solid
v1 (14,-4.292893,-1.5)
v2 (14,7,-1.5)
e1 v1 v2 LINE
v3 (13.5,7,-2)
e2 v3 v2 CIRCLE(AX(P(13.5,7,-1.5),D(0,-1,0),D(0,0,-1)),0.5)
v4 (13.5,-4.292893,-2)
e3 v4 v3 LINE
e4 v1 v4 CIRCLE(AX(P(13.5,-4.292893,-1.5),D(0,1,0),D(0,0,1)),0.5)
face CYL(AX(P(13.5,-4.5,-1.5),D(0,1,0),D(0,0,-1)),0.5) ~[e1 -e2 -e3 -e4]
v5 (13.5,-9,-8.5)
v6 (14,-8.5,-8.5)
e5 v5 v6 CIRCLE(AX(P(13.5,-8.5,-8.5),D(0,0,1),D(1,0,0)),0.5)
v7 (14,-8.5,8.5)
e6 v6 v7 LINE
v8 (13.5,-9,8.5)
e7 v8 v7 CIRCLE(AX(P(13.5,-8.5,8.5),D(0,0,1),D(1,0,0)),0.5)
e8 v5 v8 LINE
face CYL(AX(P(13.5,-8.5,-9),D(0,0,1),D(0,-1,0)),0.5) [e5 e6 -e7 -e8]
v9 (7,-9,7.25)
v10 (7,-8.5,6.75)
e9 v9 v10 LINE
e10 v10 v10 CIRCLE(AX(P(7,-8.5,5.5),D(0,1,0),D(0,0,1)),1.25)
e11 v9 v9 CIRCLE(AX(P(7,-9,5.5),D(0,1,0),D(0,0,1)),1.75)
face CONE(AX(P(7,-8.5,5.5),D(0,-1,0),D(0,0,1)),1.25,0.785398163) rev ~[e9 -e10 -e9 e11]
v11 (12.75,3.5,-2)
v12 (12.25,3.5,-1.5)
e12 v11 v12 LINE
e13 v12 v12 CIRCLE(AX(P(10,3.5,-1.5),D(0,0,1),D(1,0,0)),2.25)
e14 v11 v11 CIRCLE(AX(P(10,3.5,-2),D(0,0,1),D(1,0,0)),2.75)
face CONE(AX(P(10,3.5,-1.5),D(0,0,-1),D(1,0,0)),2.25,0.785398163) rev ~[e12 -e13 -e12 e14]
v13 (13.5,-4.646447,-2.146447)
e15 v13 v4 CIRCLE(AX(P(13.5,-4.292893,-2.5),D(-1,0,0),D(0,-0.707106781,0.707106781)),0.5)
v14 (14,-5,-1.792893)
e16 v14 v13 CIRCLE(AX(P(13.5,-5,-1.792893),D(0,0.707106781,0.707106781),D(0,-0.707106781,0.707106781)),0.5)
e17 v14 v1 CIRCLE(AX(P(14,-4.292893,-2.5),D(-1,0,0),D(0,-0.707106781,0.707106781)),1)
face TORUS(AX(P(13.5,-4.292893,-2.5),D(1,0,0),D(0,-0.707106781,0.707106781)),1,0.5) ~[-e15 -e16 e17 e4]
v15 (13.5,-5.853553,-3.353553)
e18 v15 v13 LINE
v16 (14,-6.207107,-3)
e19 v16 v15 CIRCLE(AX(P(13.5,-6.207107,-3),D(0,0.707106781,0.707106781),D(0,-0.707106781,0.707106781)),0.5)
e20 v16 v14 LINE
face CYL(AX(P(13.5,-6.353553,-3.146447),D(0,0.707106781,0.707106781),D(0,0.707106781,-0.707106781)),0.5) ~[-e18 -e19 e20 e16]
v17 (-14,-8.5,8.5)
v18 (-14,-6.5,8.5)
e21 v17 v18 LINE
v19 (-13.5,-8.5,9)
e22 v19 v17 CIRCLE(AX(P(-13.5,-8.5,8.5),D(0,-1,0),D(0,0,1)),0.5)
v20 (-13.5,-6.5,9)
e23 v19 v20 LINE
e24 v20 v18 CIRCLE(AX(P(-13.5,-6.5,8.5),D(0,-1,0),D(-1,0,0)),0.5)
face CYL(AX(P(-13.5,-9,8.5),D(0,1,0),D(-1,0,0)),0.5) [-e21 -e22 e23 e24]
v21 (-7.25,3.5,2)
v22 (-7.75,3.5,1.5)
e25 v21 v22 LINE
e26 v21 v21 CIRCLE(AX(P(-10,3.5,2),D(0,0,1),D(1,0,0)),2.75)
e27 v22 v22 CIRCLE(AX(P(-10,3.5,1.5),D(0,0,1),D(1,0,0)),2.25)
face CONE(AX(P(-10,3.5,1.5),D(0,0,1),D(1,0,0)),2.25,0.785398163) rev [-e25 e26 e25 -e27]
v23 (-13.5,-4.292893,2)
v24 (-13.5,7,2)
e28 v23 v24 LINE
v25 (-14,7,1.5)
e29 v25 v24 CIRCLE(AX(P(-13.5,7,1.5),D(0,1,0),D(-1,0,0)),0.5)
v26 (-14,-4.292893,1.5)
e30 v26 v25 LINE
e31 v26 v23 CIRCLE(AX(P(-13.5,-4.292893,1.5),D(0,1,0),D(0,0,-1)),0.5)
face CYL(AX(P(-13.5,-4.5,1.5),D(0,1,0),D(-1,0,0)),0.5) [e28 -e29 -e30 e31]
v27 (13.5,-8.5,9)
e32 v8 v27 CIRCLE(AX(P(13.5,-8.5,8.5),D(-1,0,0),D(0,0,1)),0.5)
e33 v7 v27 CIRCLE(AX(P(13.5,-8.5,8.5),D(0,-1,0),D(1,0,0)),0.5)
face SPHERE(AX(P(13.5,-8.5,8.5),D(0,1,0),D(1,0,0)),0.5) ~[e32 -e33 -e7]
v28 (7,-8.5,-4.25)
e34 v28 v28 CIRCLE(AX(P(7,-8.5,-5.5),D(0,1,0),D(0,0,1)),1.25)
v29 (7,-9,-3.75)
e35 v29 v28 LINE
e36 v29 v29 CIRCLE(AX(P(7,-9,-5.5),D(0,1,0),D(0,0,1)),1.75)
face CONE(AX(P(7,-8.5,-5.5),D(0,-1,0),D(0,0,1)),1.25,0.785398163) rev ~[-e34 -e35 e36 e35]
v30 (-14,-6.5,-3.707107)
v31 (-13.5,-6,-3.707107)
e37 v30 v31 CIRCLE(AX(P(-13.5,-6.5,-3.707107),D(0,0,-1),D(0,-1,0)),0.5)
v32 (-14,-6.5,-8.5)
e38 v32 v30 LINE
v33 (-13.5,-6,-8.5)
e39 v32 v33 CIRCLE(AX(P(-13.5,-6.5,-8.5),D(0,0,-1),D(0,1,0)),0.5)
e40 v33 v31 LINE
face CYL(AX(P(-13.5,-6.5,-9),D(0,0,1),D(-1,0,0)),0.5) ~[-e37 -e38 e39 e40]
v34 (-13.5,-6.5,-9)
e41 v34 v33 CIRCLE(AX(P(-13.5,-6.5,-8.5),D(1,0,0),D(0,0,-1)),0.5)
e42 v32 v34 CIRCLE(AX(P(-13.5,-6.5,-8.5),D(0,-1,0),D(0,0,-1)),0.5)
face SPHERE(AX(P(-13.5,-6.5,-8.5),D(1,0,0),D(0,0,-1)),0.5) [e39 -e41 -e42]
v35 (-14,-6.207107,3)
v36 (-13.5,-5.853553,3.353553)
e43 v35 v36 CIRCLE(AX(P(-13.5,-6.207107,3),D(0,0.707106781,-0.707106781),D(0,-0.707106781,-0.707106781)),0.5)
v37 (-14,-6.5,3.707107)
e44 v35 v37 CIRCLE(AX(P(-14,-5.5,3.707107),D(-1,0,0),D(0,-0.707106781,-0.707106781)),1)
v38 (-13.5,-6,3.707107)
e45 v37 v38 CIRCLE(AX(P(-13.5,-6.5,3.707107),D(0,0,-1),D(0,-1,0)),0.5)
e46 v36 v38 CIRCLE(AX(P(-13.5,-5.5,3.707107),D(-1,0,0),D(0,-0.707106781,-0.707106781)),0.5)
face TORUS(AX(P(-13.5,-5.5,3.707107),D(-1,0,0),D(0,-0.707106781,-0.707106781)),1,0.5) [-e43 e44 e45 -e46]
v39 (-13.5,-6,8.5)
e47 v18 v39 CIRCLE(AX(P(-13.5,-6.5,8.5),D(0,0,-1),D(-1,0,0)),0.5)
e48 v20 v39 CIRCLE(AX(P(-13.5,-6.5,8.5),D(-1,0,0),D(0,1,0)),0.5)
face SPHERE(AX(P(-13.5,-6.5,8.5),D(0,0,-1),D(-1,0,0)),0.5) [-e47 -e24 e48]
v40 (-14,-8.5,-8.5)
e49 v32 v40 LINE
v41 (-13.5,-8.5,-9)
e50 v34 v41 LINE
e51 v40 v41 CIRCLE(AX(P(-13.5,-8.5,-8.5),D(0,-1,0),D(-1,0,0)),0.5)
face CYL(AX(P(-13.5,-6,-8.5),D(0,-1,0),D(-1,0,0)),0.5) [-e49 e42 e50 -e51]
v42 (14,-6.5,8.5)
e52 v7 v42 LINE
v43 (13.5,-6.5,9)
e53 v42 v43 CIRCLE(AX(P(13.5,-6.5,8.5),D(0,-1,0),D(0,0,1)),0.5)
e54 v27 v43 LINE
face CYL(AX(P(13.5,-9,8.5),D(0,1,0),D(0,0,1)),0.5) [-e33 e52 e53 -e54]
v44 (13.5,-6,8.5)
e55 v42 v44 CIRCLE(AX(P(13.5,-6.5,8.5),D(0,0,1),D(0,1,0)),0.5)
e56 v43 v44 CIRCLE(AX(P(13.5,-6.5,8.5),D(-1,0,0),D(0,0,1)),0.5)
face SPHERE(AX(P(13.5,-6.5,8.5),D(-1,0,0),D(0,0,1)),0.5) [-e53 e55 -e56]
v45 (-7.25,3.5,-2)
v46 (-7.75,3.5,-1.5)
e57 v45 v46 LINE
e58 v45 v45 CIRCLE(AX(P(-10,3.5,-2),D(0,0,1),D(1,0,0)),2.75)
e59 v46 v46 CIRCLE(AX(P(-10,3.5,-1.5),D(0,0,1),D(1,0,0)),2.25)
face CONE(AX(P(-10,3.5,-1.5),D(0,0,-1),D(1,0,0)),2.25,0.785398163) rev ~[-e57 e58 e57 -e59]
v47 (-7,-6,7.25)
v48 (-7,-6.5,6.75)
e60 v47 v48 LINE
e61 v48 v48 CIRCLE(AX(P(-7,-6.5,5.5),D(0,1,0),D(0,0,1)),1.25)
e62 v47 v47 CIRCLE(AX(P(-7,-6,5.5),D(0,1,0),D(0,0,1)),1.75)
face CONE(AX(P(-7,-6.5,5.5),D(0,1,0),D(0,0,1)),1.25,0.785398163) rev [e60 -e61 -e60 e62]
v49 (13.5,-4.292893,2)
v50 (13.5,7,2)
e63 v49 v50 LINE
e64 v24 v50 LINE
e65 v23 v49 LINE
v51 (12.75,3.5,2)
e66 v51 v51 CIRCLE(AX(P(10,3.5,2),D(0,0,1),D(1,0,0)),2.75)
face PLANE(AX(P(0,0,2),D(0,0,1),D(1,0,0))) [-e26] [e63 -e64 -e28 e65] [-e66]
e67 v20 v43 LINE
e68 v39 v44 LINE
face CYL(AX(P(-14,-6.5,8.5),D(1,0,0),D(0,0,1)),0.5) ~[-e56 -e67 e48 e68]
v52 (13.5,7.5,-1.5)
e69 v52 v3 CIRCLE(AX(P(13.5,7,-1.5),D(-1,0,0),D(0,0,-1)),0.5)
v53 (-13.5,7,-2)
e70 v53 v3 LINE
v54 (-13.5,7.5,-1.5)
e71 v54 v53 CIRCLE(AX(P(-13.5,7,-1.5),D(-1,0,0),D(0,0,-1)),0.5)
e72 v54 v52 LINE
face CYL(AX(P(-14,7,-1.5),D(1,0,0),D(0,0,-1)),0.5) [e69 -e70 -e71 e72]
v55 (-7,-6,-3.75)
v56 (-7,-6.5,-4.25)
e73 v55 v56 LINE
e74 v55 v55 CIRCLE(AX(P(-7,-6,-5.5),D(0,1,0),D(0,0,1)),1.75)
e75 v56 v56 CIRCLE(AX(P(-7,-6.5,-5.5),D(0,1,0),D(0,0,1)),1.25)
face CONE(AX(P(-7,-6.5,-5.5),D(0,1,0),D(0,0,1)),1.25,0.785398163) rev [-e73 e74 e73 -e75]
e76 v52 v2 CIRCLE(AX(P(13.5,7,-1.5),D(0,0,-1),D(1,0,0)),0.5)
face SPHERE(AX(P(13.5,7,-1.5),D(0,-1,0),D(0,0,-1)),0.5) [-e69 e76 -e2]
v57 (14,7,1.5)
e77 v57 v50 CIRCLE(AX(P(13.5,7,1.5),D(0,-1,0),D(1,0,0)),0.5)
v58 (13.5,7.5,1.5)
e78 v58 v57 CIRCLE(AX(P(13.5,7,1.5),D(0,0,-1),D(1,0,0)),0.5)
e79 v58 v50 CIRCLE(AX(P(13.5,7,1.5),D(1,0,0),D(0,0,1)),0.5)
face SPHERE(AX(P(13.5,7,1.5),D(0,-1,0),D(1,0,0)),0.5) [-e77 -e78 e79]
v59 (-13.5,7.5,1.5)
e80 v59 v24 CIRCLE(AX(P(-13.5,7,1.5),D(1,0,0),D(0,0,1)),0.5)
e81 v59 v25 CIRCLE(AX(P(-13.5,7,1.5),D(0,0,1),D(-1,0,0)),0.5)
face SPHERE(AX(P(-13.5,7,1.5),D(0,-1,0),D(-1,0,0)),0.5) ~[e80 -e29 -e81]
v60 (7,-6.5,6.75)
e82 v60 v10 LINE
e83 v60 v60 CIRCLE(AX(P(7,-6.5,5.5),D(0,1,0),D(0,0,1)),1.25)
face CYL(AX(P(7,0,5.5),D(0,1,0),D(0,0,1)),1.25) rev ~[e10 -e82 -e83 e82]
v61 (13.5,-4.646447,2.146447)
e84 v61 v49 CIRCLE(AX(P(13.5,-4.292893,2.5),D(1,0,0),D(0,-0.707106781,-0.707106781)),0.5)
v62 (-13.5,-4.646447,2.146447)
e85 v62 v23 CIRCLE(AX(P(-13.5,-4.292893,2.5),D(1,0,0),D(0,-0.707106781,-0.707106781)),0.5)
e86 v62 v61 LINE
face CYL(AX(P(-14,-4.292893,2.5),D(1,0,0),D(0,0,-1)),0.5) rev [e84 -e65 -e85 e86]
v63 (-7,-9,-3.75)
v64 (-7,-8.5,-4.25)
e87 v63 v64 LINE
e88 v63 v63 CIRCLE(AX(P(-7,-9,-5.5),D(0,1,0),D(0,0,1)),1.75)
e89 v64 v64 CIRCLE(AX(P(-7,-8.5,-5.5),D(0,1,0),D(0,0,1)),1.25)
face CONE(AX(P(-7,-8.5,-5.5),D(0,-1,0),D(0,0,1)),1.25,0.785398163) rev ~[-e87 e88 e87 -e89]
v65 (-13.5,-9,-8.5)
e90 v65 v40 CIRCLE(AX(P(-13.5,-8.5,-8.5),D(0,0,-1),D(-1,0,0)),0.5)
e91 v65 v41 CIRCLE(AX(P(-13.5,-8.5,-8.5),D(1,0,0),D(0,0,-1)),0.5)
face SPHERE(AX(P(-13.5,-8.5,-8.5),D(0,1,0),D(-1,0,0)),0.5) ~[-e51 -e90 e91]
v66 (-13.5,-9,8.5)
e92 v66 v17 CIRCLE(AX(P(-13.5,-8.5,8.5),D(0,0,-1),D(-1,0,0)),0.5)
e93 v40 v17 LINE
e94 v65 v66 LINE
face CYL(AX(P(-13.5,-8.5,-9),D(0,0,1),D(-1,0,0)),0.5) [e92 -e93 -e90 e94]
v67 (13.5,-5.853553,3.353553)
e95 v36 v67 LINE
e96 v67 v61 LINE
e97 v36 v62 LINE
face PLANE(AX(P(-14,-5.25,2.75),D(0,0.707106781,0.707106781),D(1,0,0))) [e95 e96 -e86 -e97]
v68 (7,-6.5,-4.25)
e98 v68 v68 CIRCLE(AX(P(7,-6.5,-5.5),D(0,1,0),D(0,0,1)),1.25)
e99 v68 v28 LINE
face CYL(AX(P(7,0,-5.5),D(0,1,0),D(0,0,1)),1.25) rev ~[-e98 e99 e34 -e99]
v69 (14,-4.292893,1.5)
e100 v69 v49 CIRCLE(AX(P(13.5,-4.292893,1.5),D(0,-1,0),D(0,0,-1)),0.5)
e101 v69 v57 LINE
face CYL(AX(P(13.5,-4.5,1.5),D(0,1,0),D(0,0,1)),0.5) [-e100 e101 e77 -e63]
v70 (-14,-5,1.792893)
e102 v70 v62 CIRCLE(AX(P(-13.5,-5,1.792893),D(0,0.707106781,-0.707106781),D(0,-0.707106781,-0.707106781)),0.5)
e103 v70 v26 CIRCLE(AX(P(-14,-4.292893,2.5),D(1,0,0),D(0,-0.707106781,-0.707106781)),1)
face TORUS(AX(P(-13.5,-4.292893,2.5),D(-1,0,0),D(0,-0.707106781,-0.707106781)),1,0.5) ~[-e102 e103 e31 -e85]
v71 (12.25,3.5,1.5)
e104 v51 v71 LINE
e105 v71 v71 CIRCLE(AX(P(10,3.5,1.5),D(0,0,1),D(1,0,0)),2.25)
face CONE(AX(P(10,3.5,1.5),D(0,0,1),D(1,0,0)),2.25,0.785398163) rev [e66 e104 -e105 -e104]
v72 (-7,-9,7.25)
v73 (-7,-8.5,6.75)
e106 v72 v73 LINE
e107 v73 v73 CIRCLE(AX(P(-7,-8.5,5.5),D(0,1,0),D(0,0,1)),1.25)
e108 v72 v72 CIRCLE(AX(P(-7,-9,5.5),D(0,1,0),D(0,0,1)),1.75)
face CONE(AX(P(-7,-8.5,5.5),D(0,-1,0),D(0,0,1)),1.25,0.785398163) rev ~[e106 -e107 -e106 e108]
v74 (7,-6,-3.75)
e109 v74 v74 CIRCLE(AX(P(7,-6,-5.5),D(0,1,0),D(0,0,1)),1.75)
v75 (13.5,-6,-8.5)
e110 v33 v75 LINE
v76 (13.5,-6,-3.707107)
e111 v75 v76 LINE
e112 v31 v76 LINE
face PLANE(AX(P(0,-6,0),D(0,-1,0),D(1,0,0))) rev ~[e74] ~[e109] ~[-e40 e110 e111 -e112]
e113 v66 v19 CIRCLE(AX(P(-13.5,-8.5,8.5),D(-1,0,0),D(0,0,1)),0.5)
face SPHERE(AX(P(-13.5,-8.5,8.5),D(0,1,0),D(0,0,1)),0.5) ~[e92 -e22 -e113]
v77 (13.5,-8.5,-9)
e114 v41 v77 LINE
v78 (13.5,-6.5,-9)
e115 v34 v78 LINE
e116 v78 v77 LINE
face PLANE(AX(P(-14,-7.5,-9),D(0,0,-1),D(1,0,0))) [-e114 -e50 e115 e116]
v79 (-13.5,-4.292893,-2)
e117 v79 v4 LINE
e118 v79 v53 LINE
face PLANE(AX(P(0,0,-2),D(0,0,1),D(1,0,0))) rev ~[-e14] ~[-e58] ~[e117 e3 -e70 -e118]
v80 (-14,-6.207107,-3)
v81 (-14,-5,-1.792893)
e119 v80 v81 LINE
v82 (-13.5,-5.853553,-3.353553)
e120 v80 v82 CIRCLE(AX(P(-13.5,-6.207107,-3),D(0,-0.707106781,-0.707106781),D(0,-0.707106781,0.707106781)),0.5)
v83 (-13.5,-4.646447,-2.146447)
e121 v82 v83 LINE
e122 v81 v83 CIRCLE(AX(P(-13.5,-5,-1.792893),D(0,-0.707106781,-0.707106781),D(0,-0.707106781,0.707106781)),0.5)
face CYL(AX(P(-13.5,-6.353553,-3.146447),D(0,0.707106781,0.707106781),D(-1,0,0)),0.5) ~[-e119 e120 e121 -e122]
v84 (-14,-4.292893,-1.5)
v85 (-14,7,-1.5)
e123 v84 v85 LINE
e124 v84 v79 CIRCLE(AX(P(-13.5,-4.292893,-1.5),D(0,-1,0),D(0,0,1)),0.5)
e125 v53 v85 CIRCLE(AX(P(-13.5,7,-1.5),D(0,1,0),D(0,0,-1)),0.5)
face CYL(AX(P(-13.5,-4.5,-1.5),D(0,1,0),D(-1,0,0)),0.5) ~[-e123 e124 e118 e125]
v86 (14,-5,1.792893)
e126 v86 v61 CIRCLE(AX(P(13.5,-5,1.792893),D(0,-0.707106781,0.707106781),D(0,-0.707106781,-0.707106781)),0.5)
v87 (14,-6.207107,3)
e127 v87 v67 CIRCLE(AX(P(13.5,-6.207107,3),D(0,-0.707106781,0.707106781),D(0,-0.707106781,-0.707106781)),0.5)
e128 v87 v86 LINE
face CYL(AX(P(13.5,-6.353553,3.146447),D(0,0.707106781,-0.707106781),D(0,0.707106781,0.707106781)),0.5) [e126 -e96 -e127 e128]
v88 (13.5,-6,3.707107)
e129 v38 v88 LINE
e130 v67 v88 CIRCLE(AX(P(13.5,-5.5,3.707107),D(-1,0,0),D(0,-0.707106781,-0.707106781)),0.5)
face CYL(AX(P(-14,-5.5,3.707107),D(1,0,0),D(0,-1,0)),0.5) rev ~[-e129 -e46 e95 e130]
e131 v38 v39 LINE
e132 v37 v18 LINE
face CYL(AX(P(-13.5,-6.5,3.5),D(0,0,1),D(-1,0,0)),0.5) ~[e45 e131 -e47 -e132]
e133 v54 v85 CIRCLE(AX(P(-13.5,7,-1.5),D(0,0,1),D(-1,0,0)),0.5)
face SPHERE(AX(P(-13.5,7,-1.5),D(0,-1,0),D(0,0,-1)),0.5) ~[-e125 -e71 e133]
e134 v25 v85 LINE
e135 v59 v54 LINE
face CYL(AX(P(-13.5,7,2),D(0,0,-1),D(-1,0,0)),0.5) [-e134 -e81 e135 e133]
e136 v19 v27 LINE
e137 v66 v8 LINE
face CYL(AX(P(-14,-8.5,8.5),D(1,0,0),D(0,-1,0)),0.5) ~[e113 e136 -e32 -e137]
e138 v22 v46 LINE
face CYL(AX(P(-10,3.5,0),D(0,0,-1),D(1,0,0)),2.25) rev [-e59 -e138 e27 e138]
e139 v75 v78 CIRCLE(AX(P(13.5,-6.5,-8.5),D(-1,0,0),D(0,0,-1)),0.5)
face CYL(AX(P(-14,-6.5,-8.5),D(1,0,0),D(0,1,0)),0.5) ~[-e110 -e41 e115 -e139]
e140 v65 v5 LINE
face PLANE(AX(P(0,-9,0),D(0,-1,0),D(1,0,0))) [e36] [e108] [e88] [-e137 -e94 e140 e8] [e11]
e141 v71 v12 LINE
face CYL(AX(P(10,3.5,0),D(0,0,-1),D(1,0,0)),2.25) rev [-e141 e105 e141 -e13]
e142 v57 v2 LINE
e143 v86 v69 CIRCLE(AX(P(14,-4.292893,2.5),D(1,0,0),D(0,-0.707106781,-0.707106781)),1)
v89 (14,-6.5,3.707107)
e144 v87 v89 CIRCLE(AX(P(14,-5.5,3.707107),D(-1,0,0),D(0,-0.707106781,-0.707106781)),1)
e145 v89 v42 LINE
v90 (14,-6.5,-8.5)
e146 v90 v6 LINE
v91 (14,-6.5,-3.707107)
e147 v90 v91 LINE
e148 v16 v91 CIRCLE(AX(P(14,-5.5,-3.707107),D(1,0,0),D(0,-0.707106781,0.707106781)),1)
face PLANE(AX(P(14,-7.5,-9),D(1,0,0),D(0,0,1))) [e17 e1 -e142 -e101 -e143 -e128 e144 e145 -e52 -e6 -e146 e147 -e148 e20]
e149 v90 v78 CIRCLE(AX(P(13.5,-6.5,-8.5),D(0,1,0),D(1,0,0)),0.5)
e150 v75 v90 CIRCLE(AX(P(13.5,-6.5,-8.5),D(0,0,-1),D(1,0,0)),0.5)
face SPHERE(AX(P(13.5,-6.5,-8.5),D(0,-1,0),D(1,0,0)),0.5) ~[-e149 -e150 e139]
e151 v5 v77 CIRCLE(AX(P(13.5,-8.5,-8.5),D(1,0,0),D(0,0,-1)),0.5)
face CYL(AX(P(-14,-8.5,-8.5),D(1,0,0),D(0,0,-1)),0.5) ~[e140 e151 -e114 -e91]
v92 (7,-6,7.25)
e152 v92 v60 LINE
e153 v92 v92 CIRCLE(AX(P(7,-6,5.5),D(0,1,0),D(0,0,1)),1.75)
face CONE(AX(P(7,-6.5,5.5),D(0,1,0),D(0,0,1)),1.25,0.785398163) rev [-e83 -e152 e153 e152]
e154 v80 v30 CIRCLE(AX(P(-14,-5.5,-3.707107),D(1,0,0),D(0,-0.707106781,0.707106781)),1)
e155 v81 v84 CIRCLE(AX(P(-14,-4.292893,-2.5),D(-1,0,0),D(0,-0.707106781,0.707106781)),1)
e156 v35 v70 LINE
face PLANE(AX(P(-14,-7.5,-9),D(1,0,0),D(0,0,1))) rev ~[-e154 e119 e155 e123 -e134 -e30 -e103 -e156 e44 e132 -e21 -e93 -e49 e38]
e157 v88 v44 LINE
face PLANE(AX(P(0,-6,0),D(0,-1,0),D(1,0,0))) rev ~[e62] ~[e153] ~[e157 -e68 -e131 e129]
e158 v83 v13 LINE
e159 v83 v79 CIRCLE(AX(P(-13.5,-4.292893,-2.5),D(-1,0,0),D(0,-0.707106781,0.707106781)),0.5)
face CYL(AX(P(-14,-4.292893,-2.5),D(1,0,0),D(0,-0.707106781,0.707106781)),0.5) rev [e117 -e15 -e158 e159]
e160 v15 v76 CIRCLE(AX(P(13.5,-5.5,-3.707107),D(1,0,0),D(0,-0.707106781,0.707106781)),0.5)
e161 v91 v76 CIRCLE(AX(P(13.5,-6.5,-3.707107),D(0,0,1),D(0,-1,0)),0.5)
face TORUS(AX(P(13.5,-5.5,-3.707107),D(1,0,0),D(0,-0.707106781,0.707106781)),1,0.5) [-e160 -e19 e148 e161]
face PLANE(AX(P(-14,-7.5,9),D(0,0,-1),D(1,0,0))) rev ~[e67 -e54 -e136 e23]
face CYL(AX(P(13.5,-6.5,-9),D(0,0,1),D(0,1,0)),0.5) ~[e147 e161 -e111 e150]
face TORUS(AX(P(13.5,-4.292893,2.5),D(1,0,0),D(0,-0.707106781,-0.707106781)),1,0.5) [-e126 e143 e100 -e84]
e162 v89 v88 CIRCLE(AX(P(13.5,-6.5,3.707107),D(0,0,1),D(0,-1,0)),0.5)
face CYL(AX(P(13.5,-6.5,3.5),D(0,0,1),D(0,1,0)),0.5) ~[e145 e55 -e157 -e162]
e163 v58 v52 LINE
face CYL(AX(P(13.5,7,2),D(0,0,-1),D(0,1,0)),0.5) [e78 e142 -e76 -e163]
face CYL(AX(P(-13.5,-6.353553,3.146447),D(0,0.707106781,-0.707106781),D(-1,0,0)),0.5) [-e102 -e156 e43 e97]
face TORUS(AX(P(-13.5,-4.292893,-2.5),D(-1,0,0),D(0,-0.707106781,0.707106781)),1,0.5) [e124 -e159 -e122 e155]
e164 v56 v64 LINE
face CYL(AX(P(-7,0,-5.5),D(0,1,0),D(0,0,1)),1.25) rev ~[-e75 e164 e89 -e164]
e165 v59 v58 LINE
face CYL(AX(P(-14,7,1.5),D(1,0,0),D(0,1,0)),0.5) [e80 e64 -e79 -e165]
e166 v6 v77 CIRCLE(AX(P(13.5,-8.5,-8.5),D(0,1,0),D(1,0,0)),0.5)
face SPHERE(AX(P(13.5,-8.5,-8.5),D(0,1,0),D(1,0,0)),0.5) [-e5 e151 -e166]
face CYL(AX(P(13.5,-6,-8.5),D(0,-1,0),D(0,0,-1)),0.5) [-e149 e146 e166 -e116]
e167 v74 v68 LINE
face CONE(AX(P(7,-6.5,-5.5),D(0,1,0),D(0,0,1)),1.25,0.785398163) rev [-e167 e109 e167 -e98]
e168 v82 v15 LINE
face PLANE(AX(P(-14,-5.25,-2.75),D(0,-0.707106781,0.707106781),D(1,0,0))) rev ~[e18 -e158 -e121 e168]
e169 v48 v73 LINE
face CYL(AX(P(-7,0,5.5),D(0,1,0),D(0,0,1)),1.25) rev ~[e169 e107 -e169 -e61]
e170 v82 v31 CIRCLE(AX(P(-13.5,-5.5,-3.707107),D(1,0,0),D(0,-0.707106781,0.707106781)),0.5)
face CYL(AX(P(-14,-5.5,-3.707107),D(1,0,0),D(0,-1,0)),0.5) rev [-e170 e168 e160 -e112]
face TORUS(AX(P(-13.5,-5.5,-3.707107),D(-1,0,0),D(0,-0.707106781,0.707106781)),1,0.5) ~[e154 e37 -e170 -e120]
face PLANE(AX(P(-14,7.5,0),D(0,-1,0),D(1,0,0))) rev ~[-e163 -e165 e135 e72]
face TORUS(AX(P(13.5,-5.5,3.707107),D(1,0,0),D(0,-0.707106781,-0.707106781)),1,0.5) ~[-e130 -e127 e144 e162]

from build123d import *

# Parameters (mm, degrees)
SKETCH_2_W          = 28
SKETCH_2_H          = 15
SKETCH_2_R          = 2.25
EXTRUDE_1_DEPTH     = 2
SKETCH_3_W          = 28
SKETCH_3_H          = 18
EXTRUDE_2_DEPTH     = 1.5
CHAMFER_1_SIZE      = 1.5
SKETCH_1_R          = 1.25
CUT_EXTRUDE_1_DEPTH = 109
FILLET_1_R          = 0.5
CHAMFER_2_SIZE      = 0.5


with BuildPart() as part:
    # 草图2 → 凸台-拉伸1 (new, symmetric)
    with BuildSketch(Plane.XY):
        Rectangle(SKETCH_2_W, SKETCH_2_H)
        with Locations((-10, 3.5)):
            Circle(SKETCH_2_R, mode=Mode.SUBTRACT)
        with Locations((10, 3.5)):
            Circle(SKETCH_2_R, mode=Mode.SUBTRACT)
    extrude(amount=EXTRUDE_1_DEPTH, both=True)

    # 草图3 → 凸台-拉伸2 (add, symmetric)
    with BuildSketch(Plane.XZ.offset(7.5)):
        Rectangle(SKETCH_3_W, SKETCH_3_H)
    extrude(amount=EXTRUDE_2_DEPTH, both=True)

    # 倒角1
    chamfer_1_edges = [part.edges().sort_by_distance(p)[0] for p in [
        (0, -6, 2),
        (0, -6, -2),
    ]]
    chamfer(chamfer_1_edges, length=CHAMFER_1_SIZE)

    # 草图1 → 切除-拉伸1 (cut)
    with BuildSketch(Plane(origin=(0, 0, 0), x_dir=(1, 0, 0), z_dir=(0, 1, 0))):
        with Locations(Location((-7, 5.5, 0), (0, 0, 270))):
            Circle(SKETCH_1_R)
        with Locations(Location((-7, -5.5, 0), (0, 0, 270))):
            Circle(SKETCH_1_R)
        with Locations(Location((7, -5.5, 0), (0, 0, 270))):
            Circle(SKETCH_1_R)
        with Locations(Location((7, 5.5, 0), (0, 0, 270))):
            Circle(SKETCH_1_R)
    extrude(amount=-CUT_EXTRUDE_1_DEPTH, mode=Mode.SUBTRACT)

    # 圆角1
    fillet_1_edges = [part.edges().sort_by_distance(p)[0] for p in [
        (-14, 1.5, 2),
        (14, -7.5, -9),
        (14, -6, -6.25),
        (-14, -6, 6.25),
        (-14, -7.5, 9),
        (0, -6, 9),
        (14, -7.5, 9),
        (0, -6, -9),
        (-14, -7.5, -9),
        (14, -9, 0),
        (0, -9, 9),
        (-14, -9, 0),
        (0, -9, -9),
        (-14, -6, -6.25),
        (0, -6, -3.5),
        (14, 1.5, -2),
        (0, -4.5, -2),
        (14, 1.5, 2),
        (0, -4.5, 2),
        (14, -6, 6.25),
        (0, -6, 3.5),
        (14, -5.25, -2.75),
        (-14, -5.25, -2.75),
        (14, -5.25, 2.75),
        (-14, -5.25, 2.75),
        (-14, 1.5, -2),
        (0, 7.5, -2),
        (-14, 7.5, 0),
        (14, 7.5, 0),
        (0, 7.5, 2),
    ]]
    fillet(fillet_1_edges, radius=FILLET_1_R)

    # 倒角2
    chamfer_2_edges = [part.edges().sort_by_distance(p)[0] for p in [
        (-12.25, 3.5, -2),
        (-12.25, 3.5, 2),
        (7.75, 3.5, -2),
        (7.75, 3.5, 2),
        (7, -9, -6.75),
        (7, -6, -6.75),
        (7, -6, 4.25),
        (7, -9, 4.25),
        (-7, -6, 4.25),
        (-7, -9, 4.25),
        (-7, -9, -6.75),
        (-7, -6, -6.75),
    ]]
    chamfer(chamfer_2_edges, length=CHAMFER_2_SIZE)


solid = part.part
